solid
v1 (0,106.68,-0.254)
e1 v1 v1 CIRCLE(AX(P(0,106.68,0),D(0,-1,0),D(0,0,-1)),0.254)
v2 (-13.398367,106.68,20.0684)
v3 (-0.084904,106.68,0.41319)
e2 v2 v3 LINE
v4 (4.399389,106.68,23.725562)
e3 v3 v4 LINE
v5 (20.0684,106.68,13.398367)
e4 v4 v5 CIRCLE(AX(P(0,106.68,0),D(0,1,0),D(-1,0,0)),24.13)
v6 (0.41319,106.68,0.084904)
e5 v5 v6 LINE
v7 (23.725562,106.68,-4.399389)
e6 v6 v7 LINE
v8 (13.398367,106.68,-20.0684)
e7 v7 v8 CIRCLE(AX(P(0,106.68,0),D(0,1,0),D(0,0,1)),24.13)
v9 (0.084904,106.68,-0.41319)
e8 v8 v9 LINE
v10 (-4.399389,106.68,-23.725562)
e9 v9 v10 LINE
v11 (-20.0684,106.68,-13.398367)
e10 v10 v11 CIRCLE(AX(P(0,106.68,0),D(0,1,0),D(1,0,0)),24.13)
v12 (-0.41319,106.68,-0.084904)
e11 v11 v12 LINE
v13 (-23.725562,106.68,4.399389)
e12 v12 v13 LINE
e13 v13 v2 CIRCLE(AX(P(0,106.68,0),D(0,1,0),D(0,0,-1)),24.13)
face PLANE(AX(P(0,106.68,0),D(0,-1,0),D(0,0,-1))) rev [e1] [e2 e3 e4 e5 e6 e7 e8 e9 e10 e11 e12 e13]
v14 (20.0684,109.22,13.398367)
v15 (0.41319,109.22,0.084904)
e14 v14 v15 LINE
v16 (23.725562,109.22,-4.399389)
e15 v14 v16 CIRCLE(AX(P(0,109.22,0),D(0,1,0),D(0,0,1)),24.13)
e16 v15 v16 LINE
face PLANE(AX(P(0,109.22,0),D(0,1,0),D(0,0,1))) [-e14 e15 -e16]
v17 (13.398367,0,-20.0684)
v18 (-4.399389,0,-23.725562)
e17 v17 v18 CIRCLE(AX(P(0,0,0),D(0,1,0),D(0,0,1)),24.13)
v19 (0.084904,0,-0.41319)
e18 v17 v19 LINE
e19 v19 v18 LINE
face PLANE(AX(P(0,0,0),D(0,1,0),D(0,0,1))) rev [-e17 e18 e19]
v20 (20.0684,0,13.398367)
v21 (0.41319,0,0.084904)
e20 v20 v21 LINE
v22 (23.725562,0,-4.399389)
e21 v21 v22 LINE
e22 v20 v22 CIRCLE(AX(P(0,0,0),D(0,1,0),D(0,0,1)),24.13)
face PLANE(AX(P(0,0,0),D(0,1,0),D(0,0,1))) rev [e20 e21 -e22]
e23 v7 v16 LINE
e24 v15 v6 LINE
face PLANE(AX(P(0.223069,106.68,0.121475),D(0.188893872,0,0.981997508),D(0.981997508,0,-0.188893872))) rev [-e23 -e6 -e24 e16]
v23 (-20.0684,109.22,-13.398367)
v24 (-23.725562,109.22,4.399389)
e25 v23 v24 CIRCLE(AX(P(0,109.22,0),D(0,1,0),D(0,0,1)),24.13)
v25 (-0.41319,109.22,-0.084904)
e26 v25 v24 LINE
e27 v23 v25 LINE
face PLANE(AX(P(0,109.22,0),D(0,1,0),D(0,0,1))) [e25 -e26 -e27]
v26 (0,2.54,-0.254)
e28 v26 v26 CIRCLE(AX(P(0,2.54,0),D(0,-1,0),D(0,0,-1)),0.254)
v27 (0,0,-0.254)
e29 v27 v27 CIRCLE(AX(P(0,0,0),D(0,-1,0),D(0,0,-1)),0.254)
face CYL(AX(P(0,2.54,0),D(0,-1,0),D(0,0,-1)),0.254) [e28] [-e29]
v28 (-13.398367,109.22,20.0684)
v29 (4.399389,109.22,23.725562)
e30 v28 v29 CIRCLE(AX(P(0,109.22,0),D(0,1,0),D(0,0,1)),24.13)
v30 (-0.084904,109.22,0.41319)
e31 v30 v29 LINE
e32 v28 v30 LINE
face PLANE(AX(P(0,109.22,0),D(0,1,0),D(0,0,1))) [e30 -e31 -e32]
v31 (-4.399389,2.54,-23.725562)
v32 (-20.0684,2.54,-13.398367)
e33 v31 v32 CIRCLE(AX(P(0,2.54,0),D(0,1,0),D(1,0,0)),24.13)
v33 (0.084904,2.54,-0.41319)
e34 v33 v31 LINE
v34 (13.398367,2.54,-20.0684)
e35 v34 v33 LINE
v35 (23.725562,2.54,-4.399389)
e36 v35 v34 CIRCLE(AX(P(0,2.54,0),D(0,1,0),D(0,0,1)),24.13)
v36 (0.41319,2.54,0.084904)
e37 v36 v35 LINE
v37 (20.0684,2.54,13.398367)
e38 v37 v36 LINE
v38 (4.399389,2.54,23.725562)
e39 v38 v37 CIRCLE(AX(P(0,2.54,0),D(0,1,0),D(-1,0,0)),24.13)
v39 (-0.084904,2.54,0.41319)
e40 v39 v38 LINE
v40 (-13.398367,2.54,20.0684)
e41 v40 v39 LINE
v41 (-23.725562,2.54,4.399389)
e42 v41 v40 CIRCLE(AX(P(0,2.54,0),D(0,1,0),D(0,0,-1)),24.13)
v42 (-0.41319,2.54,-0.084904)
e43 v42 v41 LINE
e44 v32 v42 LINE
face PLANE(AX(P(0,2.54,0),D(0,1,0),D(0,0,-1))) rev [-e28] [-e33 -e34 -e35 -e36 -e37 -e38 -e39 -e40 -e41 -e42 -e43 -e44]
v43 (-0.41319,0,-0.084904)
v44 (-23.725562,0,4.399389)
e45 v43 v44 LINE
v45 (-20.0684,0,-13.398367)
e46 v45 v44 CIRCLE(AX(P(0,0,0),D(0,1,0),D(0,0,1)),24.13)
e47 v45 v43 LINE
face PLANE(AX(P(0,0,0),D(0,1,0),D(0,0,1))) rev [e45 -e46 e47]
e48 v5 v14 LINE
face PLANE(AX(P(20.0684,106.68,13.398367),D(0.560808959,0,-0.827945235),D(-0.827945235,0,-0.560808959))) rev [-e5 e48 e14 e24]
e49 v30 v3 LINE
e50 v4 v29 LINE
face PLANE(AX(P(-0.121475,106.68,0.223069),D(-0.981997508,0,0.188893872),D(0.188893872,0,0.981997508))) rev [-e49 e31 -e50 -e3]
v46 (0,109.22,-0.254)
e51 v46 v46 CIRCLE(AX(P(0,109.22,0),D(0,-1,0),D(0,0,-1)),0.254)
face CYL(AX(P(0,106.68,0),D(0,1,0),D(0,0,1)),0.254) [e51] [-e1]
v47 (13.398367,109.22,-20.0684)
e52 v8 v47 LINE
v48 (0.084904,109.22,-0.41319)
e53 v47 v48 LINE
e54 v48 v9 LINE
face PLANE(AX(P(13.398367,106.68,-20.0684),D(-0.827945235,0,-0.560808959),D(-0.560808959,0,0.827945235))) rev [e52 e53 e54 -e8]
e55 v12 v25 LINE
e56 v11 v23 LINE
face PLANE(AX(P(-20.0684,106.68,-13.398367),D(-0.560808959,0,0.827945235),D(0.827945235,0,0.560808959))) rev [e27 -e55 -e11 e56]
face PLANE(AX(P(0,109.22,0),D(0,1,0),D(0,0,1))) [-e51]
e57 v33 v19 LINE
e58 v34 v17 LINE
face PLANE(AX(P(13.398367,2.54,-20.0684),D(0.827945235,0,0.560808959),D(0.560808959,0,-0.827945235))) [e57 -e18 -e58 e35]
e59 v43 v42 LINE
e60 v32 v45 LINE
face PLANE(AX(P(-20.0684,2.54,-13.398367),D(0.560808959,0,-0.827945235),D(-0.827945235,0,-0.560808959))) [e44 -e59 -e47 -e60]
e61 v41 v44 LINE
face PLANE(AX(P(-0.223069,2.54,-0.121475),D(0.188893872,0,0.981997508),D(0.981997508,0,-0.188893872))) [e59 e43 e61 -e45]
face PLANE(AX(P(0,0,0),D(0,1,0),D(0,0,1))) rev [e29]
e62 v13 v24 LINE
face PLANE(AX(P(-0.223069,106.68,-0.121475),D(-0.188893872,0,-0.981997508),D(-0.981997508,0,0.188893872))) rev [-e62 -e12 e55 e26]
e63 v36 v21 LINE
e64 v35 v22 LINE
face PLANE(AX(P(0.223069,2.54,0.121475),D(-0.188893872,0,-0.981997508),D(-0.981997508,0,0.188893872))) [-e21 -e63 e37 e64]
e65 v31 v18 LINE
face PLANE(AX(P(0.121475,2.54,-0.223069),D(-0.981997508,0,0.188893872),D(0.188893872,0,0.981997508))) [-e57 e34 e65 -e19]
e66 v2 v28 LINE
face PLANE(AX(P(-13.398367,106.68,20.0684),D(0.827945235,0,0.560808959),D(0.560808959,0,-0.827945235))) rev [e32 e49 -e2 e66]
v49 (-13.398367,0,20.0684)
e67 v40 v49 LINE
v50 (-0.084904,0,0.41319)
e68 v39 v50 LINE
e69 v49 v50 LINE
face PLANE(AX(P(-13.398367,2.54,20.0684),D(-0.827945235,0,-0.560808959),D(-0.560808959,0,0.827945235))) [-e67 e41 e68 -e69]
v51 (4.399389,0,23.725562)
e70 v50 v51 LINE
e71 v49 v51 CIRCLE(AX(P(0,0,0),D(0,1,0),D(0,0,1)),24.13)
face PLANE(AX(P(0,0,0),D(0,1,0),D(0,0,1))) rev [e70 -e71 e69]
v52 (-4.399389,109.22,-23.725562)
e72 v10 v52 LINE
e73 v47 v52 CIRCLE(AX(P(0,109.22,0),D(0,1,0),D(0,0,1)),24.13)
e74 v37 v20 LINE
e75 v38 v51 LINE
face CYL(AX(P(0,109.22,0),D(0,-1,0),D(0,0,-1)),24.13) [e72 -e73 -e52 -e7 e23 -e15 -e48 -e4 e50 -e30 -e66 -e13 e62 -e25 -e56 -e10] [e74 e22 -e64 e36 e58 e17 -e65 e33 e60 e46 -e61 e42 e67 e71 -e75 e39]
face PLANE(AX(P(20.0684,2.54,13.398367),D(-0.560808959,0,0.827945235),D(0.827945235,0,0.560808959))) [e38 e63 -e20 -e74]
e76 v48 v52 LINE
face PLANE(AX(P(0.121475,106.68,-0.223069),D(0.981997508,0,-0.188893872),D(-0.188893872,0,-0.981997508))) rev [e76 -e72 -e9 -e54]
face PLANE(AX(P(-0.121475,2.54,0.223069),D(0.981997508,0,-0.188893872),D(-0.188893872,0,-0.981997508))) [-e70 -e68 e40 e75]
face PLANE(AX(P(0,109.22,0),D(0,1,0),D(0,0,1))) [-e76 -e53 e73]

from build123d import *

# Parameters (mm, degrees)
SKETCH1_R            = 24.13
BOSS_EXTRUDE1_DEPTH  = 109.22
CUT_EXTRUDE7_DEPTH   = 2.54
CIRPATTERN2_COUNT    = 4
MIRROR1_COPY_1_DEPTH = 2.54
MIRROR1_COPY_2_DEPTH = 2.54
MIRROR1_COPY_3_DEPTH = 2.54


with BuildPart() as part:
    # Sketch1 → Boss-Extrude1 (new body)
    with BuildSketch(Plane(origin=(0, 0, 0), x_dir=(1, 0, 0), z_dir=(0, 1, 0))):
        Circle(SKETCH1_R)
    extrude(amount=BOSS_EXTRUDE1_DEPTH)

    # Sketch2 → Cut-Extrude7 (cut)
    with BuildSketch(Plane(origin=(0, 109.22, 0), x_dir=(1, 0, 0), z_dir=(0, 1, 0))):
        with BuildLine():
            Line((-13.398366618, -20.068399836), (0.023672, -0.252894516))
            ThreePointArc((0.023672, -0.252894516), (-0.212080054, -0.139778577), (-0.223069042, 0.12147511))
            Line((-0.223069042, 0.12147511), (-23.725561751, -4.399388549))
            ThreePointArc((-23.725561751, -4.399388549), (-20.147605145, -13.278964829), (-13.398366618, -20.068399836))
        make_face()
    cut_extrude7 = extrude(amount=-CUT_EXTRUDE7_DEPTH, mode=Mode.SUBTRACT)

    # CirPattern2: Cut-Extrude7 ×4 about axis
    cirpattern2_axis = Axis((0, 0, 0), (0, 1, 0))
    for i in range(1, CIRPATTERN2_COUNT):
        add(cut_extrude7.rotate(cirpattern2_axis, i * 360 / CIRPATTERN2_COUNT), mode=Mode.SUBTRACT)

    # Mirror1: Cut-Extrude7 across plane
    add(cut_extrude7.mirror(Plane.ZX.offset(54.61)), mode=Mode.SUBTRACT)

    # Mirror1 copy 1 sketch → Mirror1 copy 1 (cut)
    with BuildSketch(Plane(origin=(0, 0, 0), x_dir=(0, 0, -1), z_dir=(0, -1, 0))):
        with BuildLine():
            Line((-13.398366618, 20.068399836), (0.023672, 0.252894516))
            ThreePointArc((0.023672, 0.252894516), (-0.212080054, 0.139778577), (-0.223069042, -0.12147511))
            Line((-0.223069042, -0.12147511), (-23.725561751, 4.399388549))
            ThreePointArc((-23.725561751, 4.399388549), (-20.147605145, 13.278964829), (-13.398366618, 20.068399836))
        make_face()
    extrude(amount=-MIRROR1_COPY_1_DEPTH, mode=Mode.SUBTRACT)

    # Mirror1 copy 2 sketch → Mirror1 copy 2 (cut)
    with BuildSketch(Plane(origin=(0, 0, 0), x_dir=(-1, 0, 0), z_dir=(0, -1, 0))):
        with BuildLine():
            Line((-13.398366618, 20.068399836), (0.023672, 0.252894516))
            ThreePointArc((0.023672, 0.252894516), (-0.212080054, 0.139778577), (-0.223069042, -0.12147511))
            Line((-0.223069042, -0.12147511), (-23.725561751, 4.399388549))
            ThreePointArc((-23.725561751, 4.399388549), (-20.147605145, 13.278964829), (-13.398366618, 20.068399836))
        make_face()
    extrude(amount=-MIRROR1_COPY_2_DEPTH, mode=Mode.SUBTRACT)

    # Mirror1 copy 3 sketch → Mirror1 copy 3 (cut)
    with BuildSketch(Plane(origin=(0, 0, 0), x_dir=(0, 0, 1), z_dir=(0, -1, 0))):
        with BuildLine():
            Line((-13.398366618, 20.068399836), (0.023672, 0.252894516))
            ThreePointArc((0.023672, 0.252894516), (-0.212080054, 0.139778577), (-0.223069042, -0.12147511))
            Line((-0.223069042, -0.12147511), (-23.725561751, 4.399388549))
            ThreePointArc((-23.725561751, 4.399388549), (-20.147605145, 13.278964829), (-13.398366618, 20.068399836))
        make_face()
    extrude(amount=-MIRROR1_COPY_3_DEPTH, mode=Mode.SUBTRACT)


solid = part.part
